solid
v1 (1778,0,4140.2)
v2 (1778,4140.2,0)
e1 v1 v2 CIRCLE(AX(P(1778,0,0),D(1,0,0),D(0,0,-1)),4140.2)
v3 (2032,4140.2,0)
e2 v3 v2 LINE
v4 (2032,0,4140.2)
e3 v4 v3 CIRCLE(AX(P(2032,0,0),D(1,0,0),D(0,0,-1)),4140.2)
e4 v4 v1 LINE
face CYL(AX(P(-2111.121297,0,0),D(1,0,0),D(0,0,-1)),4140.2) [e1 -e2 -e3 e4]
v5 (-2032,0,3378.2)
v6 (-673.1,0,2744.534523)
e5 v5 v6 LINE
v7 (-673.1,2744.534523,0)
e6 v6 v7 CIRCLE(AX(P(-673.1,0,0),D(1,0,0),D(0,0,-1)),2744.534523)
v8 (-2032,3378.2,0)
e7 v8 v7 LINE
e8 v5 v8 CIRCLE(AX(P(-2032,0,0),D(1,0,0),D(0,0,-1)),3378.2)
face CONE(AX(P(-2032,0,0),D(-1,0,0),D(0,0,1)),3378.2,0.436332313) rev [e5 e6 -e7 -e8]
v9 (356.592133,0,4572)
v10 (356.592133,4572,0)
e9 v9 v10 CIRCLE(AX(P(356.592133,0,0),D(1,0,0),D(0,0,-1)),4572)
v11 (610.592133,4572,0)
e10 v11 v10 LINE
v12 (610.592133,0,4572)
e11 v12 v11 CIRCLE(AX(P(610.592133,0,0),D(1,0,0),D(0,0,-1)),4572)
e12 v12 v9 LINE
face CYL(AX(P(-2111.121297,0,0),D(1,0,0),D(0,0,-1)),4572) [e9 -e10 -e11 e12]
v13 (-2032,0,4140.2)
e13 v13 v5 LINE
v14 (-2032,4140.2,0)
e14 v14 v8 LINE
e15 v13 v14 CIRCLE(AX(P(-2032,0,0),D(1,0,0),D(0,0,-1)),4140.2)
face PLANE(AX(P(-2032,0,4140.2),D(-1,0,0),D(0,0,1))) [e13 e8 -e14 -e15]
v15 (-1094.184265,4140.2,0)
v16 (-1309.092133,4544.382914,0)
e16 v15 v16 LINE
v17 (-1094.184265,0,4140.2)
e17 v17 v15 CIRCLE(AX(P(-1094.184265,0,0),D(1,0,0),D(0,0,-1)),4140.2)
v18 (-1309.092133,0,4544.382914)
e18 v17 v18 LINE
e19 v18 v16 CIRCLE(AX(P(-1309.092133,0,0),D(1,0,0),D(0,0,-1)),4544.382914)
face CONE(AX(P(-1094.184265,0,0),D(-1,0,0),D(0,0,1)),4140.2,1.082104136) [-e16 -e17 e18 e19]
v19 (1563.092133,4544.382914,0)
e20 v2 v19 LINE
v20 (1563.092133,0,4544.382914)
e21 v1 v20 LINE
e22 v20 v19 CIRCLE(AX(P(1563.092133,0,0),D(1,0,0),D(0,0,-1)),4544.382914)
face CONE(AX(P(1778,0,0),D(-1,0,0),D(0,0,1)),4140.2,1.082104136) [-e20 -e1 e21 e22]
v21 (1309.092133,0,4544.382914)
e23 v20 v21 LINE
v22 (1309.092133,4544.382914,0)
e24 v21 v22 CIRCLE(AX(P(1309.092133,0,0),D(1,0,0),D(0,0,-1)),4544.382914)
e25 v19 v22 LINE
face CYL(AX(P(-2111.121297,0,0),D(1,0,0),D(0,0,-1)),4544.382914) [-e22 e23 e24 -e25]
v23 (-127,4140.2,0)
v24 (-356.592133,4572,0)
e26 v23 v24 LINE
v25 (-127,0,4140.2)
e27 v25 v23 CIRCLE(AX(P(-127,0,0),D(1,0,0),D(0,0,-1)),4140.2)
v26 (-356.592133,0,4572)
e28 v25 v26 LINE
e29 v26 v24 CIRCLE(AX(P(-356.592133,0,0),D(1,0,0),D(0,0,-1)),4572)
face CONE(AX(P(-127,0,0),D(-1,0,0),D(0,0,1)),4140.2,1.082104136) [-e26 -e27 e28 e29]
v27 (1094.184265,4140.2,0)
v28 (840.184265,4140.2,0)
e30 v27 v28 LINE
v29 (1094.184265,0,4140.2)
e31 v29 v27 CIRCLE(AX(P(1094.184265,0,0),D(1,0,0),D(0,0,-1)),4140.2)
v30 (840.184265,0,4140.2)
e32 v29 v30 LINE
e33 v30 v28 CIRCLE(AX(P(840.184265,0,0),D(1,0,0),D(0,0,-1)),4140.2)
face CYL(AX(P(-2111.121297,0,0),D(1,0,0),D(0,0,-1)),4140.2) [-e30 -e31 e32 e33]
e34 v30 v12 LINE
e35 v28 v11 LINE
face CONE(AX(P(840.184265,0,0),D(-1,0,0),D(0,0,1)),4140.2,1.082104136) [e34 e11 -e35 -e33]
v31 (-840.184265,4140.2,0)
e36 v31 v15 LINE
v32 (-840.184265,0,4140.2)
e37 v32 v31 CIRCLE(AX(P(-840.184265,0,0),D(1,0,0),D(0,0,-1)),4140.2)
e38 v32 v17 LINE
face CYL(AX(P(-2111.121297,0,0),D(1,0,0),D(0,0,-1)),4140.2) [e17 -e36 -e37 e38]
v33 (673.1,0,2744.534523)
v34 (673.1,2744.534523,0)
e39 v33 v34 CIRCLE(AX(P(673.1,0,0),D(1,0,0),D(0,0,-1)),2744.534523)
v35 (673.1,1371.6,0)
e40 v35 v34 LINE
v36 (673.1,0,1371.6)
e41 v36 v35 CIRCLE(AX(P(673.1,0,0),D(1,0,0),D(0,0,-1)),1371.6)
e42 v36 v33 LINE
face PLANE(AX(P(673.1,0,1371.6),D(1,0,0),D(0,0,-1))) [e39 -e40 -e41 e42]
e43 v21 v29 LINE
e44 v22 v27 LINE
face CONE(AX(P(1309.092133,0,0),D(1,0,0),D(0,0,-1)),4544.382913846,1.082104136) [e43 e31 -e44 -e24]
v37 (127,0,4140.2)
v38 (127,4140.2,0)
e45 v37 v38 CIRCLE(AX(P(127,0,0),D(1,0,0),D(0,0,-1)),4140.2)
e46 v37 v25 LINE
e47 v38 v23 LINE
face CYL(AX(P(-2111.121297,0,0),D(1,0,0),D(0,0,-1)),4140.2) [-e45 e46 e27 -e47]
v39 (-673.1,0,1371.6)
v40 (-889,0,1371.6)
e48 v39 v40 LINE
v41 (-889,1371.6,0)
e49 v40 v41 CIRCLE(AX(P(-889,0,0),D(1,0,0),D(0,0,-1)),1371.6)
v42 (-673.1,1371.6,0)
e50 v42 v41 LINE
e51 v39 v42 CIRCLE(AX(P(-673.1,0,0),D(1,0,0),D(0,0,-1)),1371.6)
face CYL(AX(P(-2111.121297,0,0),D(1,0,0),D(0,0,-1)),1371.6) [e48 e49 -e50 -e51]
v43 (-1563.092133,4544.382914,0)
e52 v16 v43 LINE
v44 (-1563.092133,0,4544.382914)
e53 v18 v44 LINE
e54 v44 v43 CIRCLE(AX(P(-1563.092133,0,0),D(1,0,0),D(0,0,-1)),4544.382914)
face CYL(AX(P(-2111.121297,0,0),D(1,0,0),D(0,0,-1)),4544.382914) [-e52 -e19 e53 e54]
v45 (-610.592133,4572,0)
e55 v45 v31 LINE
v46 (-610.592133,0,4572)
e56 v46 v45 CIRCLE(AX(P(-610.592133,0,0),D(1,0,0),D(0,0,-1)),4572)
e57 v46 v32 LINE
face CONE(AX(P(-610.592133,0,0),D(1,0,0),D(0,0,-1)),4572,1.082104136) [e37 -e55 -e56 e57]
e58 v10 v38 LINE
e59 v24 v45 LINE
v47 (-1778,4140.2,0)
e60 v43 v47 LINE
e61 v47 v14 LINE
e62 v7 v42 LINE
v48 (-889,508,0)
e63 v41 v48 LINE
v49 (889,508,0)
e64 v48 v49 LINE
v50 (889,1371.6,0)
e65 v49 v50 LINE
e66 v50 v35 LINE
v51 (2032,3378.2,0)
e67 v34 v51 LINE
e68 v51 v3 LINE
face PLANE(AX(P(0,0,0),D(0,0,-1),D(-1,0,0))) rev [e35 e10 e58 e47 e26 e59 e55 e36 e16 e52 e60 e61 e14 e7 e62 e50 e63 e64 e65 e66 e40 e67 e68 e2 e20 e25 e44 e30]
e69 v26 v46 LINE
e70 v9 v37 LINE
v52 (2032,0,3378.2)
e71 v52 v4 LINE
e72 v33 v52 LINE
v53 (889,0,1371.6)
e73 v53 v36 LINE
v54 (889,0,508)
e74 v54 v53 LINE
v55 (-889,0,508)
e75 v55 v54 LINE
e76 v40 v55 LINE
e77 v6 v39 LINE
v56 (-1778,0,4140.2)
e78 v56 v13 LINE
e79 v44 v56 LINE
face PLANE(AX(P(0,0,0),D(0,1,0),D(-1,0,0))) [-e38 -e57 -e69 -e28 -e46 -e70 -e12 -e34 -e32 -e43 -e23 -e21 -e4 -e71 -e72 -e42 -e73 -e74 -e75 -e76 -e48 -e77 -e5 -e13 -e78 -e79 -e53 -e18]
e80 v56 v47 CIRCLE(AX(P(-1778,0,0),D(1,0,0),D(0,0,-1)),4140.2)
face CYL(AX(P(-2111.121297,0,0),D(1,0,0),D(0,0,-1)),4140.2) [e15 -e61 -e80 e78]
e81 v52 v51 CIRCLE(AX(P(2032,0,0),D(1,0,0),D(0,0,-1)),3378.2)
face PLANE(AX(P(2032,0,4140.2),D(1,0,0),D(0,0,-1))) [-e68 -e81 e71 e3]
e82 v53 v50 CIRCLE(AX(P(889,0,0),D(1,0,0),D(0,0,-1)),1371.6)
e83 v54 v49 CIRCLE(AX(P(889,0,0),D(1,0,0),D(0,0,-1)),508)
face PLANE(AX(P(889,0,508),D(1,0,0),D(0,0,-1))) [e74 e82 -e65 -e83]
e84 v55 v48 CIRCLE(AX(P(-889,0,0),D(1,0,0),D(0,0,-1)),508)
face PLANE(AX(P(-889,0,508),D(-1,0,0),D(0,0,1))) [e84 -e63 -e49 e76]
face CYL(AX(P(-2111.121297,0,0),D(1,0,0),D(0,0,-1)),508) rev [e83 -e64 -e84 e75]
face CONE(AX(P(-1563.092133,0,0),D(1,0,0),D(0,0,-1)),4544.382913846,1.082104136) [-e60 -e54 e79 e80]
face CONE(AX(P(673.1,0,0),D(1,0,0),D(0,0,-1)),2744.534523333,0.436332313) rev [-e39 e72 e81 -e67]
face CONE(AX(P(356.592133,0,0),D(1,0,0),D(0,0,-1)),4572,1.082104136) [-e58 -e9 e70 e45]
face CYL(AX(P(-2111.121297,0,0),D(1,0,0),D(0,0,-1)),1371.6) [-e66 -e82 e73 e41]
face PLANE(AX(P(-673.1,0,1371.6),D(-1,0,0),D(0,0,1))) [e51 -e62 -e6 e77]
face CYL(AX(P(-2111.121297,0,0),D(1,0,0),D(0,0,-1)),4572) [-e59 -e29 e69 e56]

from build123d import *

# Parameters (mm, degrees)
REVOLVE1_ANGLE = 270


with BuildPart() as part:
    # Sketch1 → Revolve1 (revolve)
    with BuildSketch(Plane.XY):
        Polygon((-889, 508), (889, 508), (889, 1371.6), (673.1, 1371.6), (673.1, 2744.534523333), (2032, 3378.2), (2032, 4140.2), (1778, 4140.2), (1563.092132591, 4544.382913846), (1309.092132591, 4544.382913846), (1094.184265183, 4140.2), (840.184265183, 4140.2), (610.592132591, 4572), (356.592132591, 4572), (127, 4140.2), (-127, 4140.2), (-356.592132591, 4572), (-610.592132591, 4572), (-840.184265183, 4140.2), (-1094.184265183, 4140.2), (-1309.092132591, 4544.382913846), (-1563.092132591, 4544.382913846), (-1778, 4140.2), (-2032, 4140.2), (-2032, 3378.2), (-673.1, 2744.534523333), (-673.1, 1371.6), (-889, 1371.6), align=None)
    revolve(axis=Axis((-2111.121296774, 0, 0), (-1, 0, 0)), revolution_arc=REVOLVE1_ANGLE)


solid = part.part
